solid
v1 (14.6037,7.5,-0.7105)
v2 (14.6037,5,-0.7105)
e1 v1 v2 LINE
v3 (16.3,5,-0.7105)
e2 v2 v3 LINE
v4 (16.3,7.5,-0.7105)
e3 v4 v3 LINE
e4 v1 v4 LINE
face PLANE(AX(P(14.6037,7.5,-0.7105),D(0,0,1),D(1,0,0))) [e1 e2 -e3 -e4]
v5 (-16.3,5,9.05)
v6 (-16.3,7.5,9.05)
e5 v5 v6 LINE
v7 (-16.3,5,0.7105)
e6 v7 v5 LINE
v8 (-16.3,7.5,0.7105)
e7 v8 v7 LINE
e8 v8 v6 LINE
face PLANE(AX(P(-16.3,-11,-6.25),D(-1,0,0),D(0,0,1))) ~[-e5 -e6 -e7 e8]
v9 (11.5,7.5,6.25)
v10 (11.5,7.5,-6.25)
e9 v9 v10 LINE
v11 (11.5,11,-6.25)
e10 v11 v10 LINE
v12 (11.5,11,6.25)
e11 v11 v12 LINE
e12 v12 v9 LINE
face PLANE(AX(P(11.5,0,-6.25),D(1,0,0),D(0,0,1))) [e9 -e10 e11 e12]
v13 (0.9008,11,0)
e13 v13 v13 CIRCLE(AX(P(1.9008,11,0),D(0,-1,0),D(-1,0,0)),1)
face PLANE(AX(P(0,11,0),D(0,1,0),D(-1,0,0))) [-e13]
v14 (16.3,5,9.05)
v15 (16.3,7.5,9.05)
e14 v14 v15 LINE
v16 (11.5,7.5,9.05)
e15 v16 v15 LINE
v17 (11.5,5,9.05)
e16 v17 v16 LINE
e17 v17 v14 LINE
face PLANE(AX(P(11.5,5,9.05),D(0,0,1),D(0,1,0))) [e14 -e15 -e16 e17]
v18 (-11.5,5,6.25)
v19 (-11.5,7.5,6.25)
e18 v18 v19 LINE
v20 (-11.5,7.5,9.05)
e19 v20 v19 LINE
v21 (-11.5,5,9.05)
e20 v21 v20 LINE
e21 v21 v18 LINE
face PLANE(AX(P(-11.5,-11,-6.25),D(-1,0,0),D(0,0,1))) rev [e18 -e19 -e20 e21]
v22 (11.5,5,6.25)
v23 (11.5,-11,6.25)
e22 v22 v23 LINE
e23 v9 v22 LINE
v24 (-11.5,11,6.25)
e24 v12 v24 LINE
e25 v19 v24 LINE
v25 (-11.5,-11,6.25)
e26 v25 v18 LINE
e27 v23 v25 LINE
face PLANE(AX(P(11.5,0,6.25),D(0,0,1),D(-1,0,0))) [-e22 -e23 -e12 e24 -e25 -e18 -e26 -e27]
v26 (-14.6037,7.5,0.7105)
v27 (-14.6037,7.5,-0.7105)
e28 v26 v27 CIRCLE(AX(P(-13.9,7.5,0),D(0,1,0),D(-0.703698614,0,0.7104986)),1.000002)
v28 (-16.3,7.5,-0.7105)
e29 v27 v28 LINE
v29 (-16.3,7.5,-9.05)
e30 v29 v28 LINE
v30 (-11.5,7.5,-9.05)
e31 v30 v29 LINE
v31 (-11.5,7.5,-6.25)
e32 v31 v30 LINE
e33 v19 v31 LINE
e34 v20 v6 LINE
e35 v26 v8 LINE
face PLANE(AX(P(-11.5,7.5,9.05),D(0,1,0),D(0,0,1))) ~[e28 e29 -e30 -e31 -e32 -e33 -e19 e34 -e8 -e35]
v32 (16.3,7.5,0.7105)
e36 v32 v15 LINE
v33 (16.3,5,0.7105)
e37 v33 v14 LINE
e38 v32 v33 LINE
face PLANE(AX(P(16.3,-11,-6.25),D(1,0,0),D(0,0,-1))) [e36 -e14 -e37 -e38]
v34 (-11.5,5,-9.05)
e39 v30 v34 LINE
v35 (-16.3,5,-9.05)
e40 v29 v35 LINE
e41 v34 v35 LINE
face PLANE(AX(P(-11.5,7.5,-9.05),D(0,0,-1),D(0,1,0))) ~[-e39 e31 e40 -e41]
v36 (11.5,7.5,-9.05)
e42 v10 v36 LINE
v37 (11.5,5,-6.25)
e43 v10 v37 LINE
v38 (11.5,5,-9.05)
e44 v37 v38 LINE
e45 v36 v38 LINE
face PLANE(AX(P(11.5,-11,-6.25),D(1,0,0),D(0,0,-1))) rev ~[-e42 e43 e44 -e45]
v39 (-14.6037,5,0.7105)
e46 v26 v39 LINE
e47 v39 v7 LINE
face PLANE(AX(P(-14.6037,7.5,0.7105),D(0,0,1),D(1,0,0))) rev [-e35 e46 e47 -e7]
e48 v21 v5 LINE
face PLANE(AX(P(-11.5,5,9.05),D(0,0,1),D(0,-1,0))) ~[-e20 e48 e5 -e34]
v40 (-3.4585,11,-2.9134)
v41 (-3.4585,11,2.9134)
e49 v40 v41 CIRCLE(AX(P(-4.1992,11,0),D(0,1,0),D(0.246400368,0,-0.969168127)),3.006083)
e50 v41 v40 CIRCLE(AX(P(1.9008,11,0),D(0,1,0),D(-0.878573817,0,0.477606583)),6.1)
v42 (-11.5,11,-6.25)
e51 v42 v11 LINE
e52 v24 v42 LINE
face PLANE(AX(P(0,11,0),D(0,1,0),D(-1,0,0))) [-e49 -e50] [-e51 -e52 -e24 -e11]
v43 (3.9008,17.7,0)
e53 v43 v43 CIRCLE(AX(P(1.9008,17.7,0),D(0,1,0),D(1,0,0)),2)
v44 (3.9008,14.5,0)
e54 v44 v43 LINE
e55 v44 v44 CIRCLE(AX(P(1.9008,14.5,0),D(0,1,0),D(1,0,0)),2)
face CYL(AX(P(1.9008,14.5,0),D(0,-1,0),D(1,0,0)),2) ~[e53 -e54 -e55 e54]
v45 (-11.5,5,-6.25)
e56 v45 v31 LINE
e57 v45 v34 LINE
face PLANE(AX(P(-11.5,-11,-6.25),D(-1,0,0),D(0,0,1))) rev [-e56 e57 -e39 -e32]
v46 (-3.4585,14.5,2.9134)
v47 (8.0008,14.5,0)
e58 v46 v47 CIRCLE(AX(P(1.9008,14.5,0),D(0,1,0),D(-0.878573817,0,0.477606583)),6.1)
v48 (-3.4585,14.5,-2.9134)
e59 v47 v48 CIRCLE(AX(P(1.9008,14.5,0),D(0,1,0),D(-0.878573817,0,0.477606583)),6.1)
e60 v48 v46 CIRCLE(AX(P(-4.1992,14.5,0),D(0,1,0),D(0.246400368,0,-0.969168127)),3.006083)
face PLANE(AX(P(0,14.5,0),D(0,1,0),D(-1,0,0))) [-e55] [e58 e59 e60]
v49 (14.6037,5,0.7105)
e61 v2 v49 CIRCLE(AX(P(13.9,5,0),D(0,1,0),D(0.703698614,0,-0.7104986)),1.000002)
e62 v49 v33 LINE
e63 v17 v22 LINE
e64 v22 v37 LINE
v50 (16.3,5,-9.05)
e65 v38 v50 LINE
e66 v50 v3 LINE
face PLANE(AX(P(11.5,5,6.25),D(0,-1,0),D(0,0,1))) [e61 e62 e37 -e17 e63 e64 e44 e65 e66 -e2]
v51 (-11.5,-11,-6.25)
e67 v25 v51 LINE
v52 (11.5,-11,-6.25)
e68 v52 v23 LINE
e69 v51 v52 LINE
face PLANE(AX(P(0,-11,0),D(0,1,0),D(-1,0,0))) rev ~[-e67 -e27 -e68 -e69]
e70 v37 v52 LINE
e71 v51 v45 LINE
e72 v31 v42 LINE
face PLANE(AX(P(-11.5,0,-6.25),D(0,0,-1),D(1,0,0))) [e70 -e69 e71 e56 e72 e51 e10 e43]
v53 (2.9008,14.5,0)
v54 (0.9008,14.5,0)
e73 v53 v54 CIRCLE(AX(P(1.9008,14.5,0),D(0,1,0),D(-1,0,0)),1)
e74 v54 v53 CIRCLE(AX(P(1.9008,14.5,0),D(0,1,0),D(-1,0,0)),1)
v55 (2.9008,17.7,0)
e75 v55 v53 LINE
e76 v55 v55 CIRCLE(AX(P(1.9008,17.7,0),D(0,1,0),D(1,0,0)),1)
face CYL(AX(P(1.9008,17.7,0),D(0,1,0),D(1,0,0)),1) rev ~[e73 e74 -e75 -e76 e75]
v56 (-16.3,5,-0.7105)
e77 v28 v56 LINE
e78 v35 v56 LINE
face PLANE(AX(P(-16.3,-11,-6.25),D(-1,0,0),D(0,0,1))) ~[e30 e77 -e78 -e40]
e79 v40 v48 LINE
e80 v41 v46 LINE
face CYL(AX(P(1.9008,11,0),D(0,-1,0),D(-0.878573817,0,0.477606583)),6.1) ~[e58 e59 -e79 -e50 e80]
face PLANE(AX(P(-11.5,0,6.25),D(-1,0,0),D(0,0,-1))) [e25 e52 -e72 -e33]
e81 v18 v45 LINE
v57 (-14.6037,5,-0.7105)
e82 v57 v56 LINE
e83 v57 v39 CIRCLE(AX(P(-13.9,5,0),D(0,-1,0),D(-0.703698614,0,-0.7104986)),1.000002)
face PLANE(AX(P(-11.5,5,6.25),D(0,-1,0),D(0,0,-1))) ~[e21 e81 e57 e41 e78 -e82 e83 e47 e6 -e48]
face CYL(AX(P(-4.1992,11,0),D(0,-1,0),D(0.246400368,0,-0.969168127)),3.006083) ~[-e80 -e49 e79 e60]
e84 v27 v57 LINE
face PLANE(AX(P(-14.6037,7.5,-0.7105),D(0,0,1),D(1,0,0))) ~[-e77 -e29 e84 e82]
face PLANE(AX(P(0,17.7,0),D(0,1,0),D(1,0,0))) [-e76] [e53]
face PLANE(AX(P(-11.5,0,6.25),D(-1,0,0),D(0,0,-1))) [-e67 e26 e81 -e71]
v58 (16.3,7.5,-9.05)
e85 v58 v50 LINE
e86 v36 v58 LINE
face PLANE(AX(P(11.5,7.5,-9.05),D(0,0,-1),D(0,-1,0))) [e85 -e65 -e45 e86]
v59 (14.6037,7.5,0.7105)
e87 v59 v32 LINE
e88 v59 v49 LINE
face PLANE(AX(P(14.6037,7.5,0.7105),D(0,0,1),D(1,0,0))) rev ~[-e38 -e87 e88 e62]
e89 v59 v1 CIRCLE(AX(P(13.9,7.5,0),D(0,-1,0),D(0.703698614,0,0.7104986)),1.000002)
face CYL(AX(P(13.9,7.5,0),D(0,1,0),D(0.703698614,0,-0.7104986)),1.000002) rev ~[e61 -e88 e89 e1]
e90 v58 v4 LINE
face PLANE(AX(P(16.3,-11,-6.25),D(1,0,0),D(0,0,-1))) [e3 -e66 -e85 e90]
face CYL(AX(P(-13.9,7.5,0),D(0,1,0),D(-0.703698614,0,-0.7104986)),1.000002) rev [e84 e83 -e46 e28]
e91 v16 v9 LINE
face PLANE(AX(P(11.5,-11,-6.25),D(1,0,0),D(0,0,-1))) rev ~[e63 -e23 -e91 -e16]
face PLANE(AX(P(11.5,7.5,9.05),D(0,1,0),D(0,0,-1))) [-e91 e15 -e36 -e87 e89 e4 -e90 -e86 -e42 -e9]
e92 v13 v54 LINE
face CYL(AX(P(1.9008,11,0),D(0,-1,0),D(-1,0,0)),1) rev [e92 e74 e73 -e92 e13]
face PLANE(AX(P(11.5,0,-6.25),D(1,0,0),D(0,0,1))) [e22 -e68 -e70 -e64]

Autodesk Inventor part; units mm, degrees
sketch "Sketch1" plane through (0, 0, 0) normal (0, 1, 0) x (-1, 0, 0)
  line L0 (11.5, -6.25) -> (-11.5, -6.25)
  line L1 (-11.5, -6.25) -> (-11.5, 6.25)
  line L2 (-11.5, 6.25) -> (11.5, 6.25)
  line L3 (11.5, 6.25) -> (11.5, -6.25)
  line L4 (11.5, -6.25) -> (-11.5, 6.25) construction
  line L5 (-11.5, -6.25) -> (11.5, 6.25) construction
  point P0 (0, 0)
  dimension "d0" = 23
  dimension "d1" = 12.5
extrude "Extrusion1" add sketch "Sketch1" along normal mid plane 22
ref_plane "Work Plane3" through (-11.5, 0, 0) normal (1, 0, 0) x (0, 1, 0)
ref_plane "Work Plane2" through (11.5, 0, 0) normal (1, 0, 0) x (0, 1, 0)
ref_plane "Work Plane4" through (0, 5, 0) normal (0, 1, 0) x (-1, 0, 0)
ref_plane "Work Plane5" through (0, 0, 6.25) normal (0, 0, 1) x (1, 0, 0)
sketch "Sketch2" plane through (11.5, -11, -6.25) normal (1, 0, 0) x (0, 0, -1)
  line L0 (0, 0) -> (-12.5, 0) projected
  line L1 (-12.5, 0) -> (-12.5, 16)
  line L2 (-12.5, 0) -> (-12.5, 22) projected
  line L3 (-12.5, 16) -> (-15.3, 16)
  line L4 (-15.3, 16) -> (-15.3, 18.5)
  line L5 (-15.3, 18.5) -> (0, 18.5)
  line L6 (0, 18.5) -> (2.8, 18.5)
  line L7 (2.8, 18.5) -> (2.8, 16)
  line L8 (2.8, 16) -> (-12.5, 16)
  point P0 (-6.25, 11)
  dimension "d8" = 16
  dimension "d9" = 2.8
  dimension "d10" = 2.5
  dimension "d11" = 2.8
extrude "Extrusion2" add sketch "Sketch2" along normal blind 4.8
mirror "Mirror1" about plane through (0, 0, 0) normal (1, 0, 0) of "Extrusion2"
ref_plane "Work Plane6" through (0, 11, 0) normal (0, 1, 0) x (-1, 0, 0)
sketch "Sketch3" plane through (0, 11, 0) normal (0, 1, 0) x (-1, 0, 0)
  line L0 (-12.5008, 0) -> (-1.9008, 0)
  arc A0 (3.4585, 2.9134) -> (3.4585, -2.9134) centre (-1.9008, 0) ccw
  circle A1 centre (-1.9008, 0) radius 1
  arc A2 (3.4585, -2.9134) -> (3.4585, 2.9134) centre (4.1992, 0) ccw
  point P0 (0, 0)
  dimension "d15" = 10.6
  dimension "d16" = 12.2
  dimension "d17" = 2
extrude "Extrusion3" add sketch "Sketch3" along normal blind 3.5
sketch "Sketch4" plane through (0, 14.5, 0) normal (0, 1, 0) x (1, 0, 0)
  circle A0 centre (1.9008, 0) radius 1 projected
  circle A1 centre (1.9008, 0) radius 2
  point P0 (0, 0)
  dimension "d20" = 4
extrude "Extrusion4" add sketch "Sketch4" along normal blind 3.2 contours A0 | A1
sketch "Sketch5" plane through (1.9008, 17.7, 0) normal (0, 1, 0) x (1, 0, 0)
  circle A0 centre (0, 0) radius 1 projected
  circle A1 centre (0, 0) radius 1
  point P0 (-1.9008, 0)
extrude "Extrusion5" cut sketch "Sketch5" against normal blind 3.2
sketch "Sketch6" plane through (11.5, 7.5, -6.25) normal (0, 1, 0) x (1, 0, 0)
  circle A0 centre (-9.5992, -6.25) radius 1 projected
  line L0 (-9.5992, -6.25) -> (1.4, -6.25)
  line L1 (4.8, -15.3) -> (4.8, 2.8) projected
  line L2 (0, -12.5) -> (0, 0) projected
  line L3 (0, -6.25) -> (4.8, -6.25)
  arc A1 (3.1037, -5.5395) -> (3.1037, -6.9605) centre (2.4, -6.25) ccw
  line L4 (2.4, -5.25) -> (2.4, -5.25)
  line L5 (3.1037, -5.5395) -> (4.8, -5.5395)
  line L6 (3.1037, -6.9605) -> (4.8, -6.9605)
  line L7 (4.8, -6.9605) -> (4.8, -5.5395)
  point P0 (-11.5, -6.25)
  dimension "d25" = 2
extrude "Extrusion6" cut sketch "Sketch6" against normal blind 2.5 contours A1 L5 L1 L3 | L3 L1 L6 A1
mirror "Mirror2" about plane through (0, 0, 0) normal (1, 0, 0) of "Extrusion6"
